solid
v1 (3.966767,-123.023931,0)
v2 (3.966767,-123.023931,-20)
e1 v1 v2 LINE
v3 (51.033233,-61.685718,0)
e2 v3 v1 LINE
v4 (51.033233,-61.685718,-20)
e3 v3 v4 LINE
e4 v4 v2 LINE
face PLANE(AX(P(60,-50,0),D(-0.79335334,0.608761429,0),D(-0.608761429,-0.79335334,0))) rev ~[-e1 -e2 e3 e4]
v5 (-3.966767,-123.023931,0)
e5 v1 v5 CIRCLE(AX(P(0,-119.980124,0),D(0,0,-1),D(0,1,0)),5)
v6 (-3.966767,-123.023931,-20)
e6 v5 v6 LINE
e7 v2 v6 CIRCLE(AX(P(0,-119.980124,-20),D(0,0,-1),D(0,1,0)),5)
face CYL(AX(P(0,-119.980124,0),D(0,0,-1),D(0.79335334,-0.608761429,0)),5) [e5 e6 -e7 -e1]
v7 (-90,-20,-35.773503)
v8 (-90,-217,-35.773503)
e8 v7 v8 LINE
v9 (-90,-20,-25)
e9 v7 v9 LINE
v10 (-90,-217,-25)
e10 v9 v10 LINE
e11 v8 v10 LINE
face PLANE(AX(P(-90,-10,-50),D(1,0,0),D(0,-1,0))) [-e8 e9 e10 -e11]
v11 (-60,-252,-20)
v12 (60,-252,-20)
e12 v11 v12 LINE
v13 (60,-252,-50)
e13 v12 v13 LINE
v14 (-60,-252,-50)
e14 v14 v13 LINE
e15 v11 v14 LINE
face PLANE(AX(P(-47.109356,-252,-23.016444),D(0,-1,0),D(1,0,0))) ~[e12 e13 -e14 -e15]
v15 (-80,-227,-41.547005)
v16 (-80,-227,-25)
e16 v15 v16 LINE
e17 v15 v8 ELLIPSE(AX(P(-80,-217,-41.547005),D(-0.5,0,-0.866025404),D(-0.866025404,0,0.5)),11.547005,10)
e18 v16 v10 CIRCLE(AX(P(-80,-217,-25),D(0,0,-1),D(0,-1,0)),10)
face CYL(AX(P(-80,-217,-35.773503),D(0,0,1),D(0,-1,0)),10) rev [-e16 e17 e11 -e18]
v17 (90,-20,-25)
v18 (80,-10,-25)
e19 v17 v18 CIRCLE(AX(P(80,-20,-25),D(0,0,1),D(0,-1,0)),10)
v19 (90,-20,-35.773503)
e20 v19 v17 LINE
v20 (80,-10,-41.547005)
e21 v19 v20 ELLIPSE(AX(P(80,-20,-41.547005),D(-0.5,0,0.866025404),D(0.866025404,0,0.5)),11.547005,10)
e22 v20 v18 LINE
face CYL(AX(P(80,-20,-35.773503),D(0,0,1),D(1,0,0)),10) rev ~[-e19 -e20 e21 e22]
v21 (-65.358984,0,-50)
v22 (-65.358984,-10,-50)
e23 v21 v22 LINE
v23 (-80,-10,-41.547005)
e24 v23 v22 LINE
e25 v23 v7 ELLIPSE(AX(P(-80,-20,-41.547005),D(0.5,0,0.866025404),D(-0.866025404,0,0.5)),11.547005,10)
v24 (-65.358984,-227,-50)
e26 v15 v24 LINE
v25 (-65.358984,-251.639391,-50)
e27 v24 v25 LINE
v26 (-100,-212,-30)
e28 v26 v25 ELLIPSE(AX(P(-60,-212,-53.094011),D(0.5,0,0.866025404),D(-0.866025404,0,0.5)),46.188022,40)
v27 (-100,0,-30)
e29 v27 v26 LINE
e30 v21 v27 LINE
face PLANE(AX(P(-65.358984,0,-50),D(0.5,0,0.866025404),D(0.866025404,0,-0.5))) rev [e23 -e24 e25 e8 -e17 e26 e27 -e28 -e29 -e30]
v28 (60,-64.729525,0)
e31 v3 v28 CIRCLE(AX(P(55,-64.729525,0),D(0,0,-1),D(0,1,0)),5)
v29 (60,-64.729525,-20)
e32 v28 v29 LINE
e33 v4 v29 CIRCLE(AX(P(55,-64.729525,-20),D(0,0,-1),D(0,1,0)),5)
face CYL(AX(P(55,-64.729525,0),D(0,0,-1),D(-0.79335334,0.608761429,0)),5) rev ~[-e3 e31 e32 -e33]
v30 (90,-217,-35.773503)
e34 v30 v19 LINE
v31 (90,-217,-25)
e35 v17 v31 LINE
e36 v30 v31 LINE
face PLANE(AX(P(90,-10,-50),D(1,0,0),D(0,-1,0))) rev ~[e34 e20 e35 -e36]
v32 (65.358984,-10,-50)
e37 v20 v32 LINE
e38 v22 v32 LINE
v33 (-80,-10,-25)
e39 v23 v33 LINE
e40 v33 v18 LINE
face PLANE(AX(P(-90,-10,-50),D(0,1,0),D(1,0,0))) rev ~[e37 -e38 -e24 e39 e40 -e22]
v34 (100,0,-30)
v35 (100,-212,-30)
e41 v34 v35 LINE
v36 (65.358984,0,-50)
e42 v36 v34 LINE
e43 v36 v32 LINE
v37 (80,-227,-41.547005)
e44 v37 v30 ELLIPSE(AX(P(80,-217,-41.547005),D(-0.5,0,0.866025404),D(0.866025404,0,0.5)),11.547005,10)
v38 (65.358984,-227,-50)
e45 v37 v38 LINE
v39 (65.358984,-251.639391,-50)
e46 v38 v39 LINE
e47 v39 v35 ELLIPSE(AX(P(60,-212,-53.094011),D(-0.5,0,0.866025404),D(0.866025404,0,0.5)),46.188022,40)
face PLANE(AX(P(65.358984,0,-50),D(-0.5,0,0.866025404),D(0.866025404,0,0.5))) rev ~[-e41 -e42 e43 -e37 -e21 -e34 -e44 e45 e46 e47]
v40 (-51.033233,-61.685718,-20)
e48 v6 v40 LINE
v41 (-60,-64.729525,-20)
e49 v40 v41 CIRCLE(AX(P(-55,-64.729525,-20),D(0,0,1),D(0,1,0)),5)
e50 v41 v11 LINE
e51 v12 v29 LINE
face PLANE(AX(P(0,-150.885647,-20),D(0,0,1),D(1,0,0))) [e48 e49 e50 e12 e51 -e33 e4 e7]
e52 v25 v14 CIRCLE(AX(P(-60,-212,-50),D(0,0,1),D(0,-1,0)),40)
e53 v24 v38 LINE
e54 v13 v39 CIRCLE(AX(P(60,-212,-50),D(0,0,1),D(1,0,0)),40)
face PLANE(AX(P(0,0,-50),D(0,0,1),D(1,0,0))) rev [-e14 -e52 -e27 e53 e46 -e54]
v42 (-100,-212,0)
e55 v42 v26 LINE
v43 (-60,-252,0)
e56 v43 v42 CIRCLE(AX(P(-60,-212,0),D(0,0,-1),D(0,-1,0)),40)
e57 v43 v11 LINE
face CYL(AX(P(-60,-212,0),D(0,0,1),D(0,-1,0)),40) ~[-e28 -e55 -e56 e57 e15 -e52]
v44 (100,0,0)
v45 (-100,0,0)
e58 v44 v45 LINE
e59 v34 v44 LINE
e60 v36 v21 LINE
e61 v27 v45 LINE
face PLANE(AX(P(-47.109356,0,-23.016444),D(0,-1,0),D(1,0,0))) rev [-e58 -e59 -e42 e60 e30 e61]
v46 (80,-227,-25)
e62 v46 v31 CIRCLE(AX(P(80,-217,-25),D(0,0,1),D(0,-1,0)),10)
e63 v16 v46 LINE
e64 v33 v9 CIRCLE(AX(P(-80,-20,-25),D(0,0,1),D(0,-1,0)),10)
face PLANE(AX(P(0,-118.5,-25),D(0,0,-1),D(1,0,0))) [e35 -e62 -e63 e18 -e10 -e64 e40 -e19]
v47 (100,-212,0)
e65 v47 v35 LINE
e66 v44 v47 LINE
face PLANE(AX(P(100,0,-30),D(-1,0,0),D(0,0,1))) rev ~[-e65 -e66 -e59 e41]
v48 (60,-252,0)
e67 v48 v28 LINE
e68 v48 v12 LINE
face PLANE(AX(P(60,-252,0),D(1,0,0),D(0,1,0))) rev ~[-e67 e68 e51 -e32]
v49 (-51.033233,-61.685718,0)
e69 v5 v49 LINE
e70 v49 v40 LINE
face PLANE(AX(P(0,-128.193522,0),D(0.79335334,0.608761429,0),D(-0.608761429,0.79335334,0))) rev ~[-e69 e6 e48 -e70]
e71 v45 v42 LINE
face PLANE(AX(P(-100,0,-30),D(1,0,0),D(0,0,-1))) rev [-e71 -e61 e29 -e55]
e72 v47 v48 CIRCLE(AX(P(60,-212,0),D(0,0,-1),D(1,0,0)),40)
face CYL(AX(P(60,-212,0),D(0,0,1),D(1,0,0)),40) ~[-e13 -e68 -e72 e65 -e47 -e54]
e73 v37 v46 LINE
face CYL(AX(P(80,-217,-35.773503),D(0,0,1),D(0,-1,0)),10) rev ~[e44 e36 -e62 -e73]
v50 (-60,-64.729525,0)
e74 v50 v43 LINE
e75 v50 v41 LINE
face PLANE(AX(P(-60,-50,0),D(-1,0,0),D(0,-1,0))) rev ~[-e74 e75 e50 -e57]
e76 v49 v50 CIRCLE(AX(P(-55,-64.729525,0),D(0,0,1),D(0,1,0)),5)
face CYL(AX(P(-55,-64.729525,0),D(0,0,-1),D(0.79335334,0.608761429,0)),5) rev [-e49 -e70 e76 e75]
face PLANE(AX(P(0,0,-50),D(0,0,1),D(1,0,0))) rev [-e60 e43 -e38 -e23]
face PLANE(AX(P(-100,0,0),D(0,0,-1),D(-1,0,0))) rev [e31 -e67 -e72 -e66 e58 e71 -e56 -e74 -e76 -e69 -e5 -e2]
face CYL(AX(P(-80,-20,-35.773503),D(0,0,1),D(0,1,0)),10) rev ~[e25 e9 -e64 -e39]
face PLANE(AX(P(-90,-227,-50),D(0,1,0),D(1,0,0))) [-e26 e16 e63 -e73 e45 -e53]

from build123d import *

# Parameters (mm, degrees)
F1_DEPTH  = 252
F4_DEPTH  = 20
F6_DEPTH  = 50.001
F7_R      = 5
F8_R      = 5
F9_W      = 180
F9_H      = 217
F10_DEPTH = 25
F11_R     = 10


with BuildPart() as f1:
    # F0 (on Front) → F1 (new body)
    with BuildSketch(Plane.XZ):
        Polygon((100, 0), (0, 0), (0, -50), (65.3589838486, -50), (100, -30), align=None)
    extrude(amount=F1_DEPTH)

    # F2: F1 across plane


with BuildPart() as f1_1:
    add(f1.part)
    add(f1.part.mirror(Plane.YZ))

    # F3 (on face) → F4 (cut)
    with BuildSketch(Plane.XY):
        Polygon((-60, -252), (60, -252), (60, -50), (0, -128.1935223705), (-60, -50), align=None)
    extrude(amount=-F4_DEPTH, mode=Mode.SUBTRACT)

    # F5 (on face) → F6 (cut, through all)
    with BuildSketch(Plane.XY):
        with BuildLine():
            ThreePointArc((100, -212), (88.2842712475, -240.2842712475), (60, -252))
            Line((60, -252), (100, -252))
            Line((100, -252), (100, -212))
        make_face()
        with BuildLine():
            Line((-100, -252), (-60, -252))
            ThreePointArc((-60, -252), (-88.2842712475, -240.2842712475), (-100, -212))
            Line((-100, -212), (-100, -252))
        make_face()
    extrude(amount=-F6_DEPTH, mode=Mode.SUBTRACT)

    # F7
    f7_edges = [f1_1.edges().sort_by_distance(p)[0] for p in [
        (0, -128.193522, -10),
    ]]
    fillet(f7_edges, radius=F7_R)

    # F8
    f8_edges = [f1_1.edges().sort_by_distance(p)[0] for p in [
        (60, -50, -10),
        (-60, -50, -10),
    ]]
    fillet(f8_edges, radius=F8_R)

    # F9 (on face) → F10 (cut)
    with BuildSketch(Plane(origin=(0, 0, -50), x_dir=(1, 0, 0), z_dir=(0, 0, -1))):
        with Locations((0, 118.5)):
            Rectangle(F9_W, F9_H)
    extrude(amount=-F10_DEPTH, mode=Mode.SUBTRACT)

    # F11
    f11_edges = [f1_1.edges().sort_by_distance(p)[0] for p in [
        (90, -10, -30.386751),
        (-90, -10, -30.386751),
        (-90, -227, -30.386751),
        (90, -227, -30.386751),
    ]]
    fillet(f11_edges, radius=F11_R)


solid = f1_1.part
